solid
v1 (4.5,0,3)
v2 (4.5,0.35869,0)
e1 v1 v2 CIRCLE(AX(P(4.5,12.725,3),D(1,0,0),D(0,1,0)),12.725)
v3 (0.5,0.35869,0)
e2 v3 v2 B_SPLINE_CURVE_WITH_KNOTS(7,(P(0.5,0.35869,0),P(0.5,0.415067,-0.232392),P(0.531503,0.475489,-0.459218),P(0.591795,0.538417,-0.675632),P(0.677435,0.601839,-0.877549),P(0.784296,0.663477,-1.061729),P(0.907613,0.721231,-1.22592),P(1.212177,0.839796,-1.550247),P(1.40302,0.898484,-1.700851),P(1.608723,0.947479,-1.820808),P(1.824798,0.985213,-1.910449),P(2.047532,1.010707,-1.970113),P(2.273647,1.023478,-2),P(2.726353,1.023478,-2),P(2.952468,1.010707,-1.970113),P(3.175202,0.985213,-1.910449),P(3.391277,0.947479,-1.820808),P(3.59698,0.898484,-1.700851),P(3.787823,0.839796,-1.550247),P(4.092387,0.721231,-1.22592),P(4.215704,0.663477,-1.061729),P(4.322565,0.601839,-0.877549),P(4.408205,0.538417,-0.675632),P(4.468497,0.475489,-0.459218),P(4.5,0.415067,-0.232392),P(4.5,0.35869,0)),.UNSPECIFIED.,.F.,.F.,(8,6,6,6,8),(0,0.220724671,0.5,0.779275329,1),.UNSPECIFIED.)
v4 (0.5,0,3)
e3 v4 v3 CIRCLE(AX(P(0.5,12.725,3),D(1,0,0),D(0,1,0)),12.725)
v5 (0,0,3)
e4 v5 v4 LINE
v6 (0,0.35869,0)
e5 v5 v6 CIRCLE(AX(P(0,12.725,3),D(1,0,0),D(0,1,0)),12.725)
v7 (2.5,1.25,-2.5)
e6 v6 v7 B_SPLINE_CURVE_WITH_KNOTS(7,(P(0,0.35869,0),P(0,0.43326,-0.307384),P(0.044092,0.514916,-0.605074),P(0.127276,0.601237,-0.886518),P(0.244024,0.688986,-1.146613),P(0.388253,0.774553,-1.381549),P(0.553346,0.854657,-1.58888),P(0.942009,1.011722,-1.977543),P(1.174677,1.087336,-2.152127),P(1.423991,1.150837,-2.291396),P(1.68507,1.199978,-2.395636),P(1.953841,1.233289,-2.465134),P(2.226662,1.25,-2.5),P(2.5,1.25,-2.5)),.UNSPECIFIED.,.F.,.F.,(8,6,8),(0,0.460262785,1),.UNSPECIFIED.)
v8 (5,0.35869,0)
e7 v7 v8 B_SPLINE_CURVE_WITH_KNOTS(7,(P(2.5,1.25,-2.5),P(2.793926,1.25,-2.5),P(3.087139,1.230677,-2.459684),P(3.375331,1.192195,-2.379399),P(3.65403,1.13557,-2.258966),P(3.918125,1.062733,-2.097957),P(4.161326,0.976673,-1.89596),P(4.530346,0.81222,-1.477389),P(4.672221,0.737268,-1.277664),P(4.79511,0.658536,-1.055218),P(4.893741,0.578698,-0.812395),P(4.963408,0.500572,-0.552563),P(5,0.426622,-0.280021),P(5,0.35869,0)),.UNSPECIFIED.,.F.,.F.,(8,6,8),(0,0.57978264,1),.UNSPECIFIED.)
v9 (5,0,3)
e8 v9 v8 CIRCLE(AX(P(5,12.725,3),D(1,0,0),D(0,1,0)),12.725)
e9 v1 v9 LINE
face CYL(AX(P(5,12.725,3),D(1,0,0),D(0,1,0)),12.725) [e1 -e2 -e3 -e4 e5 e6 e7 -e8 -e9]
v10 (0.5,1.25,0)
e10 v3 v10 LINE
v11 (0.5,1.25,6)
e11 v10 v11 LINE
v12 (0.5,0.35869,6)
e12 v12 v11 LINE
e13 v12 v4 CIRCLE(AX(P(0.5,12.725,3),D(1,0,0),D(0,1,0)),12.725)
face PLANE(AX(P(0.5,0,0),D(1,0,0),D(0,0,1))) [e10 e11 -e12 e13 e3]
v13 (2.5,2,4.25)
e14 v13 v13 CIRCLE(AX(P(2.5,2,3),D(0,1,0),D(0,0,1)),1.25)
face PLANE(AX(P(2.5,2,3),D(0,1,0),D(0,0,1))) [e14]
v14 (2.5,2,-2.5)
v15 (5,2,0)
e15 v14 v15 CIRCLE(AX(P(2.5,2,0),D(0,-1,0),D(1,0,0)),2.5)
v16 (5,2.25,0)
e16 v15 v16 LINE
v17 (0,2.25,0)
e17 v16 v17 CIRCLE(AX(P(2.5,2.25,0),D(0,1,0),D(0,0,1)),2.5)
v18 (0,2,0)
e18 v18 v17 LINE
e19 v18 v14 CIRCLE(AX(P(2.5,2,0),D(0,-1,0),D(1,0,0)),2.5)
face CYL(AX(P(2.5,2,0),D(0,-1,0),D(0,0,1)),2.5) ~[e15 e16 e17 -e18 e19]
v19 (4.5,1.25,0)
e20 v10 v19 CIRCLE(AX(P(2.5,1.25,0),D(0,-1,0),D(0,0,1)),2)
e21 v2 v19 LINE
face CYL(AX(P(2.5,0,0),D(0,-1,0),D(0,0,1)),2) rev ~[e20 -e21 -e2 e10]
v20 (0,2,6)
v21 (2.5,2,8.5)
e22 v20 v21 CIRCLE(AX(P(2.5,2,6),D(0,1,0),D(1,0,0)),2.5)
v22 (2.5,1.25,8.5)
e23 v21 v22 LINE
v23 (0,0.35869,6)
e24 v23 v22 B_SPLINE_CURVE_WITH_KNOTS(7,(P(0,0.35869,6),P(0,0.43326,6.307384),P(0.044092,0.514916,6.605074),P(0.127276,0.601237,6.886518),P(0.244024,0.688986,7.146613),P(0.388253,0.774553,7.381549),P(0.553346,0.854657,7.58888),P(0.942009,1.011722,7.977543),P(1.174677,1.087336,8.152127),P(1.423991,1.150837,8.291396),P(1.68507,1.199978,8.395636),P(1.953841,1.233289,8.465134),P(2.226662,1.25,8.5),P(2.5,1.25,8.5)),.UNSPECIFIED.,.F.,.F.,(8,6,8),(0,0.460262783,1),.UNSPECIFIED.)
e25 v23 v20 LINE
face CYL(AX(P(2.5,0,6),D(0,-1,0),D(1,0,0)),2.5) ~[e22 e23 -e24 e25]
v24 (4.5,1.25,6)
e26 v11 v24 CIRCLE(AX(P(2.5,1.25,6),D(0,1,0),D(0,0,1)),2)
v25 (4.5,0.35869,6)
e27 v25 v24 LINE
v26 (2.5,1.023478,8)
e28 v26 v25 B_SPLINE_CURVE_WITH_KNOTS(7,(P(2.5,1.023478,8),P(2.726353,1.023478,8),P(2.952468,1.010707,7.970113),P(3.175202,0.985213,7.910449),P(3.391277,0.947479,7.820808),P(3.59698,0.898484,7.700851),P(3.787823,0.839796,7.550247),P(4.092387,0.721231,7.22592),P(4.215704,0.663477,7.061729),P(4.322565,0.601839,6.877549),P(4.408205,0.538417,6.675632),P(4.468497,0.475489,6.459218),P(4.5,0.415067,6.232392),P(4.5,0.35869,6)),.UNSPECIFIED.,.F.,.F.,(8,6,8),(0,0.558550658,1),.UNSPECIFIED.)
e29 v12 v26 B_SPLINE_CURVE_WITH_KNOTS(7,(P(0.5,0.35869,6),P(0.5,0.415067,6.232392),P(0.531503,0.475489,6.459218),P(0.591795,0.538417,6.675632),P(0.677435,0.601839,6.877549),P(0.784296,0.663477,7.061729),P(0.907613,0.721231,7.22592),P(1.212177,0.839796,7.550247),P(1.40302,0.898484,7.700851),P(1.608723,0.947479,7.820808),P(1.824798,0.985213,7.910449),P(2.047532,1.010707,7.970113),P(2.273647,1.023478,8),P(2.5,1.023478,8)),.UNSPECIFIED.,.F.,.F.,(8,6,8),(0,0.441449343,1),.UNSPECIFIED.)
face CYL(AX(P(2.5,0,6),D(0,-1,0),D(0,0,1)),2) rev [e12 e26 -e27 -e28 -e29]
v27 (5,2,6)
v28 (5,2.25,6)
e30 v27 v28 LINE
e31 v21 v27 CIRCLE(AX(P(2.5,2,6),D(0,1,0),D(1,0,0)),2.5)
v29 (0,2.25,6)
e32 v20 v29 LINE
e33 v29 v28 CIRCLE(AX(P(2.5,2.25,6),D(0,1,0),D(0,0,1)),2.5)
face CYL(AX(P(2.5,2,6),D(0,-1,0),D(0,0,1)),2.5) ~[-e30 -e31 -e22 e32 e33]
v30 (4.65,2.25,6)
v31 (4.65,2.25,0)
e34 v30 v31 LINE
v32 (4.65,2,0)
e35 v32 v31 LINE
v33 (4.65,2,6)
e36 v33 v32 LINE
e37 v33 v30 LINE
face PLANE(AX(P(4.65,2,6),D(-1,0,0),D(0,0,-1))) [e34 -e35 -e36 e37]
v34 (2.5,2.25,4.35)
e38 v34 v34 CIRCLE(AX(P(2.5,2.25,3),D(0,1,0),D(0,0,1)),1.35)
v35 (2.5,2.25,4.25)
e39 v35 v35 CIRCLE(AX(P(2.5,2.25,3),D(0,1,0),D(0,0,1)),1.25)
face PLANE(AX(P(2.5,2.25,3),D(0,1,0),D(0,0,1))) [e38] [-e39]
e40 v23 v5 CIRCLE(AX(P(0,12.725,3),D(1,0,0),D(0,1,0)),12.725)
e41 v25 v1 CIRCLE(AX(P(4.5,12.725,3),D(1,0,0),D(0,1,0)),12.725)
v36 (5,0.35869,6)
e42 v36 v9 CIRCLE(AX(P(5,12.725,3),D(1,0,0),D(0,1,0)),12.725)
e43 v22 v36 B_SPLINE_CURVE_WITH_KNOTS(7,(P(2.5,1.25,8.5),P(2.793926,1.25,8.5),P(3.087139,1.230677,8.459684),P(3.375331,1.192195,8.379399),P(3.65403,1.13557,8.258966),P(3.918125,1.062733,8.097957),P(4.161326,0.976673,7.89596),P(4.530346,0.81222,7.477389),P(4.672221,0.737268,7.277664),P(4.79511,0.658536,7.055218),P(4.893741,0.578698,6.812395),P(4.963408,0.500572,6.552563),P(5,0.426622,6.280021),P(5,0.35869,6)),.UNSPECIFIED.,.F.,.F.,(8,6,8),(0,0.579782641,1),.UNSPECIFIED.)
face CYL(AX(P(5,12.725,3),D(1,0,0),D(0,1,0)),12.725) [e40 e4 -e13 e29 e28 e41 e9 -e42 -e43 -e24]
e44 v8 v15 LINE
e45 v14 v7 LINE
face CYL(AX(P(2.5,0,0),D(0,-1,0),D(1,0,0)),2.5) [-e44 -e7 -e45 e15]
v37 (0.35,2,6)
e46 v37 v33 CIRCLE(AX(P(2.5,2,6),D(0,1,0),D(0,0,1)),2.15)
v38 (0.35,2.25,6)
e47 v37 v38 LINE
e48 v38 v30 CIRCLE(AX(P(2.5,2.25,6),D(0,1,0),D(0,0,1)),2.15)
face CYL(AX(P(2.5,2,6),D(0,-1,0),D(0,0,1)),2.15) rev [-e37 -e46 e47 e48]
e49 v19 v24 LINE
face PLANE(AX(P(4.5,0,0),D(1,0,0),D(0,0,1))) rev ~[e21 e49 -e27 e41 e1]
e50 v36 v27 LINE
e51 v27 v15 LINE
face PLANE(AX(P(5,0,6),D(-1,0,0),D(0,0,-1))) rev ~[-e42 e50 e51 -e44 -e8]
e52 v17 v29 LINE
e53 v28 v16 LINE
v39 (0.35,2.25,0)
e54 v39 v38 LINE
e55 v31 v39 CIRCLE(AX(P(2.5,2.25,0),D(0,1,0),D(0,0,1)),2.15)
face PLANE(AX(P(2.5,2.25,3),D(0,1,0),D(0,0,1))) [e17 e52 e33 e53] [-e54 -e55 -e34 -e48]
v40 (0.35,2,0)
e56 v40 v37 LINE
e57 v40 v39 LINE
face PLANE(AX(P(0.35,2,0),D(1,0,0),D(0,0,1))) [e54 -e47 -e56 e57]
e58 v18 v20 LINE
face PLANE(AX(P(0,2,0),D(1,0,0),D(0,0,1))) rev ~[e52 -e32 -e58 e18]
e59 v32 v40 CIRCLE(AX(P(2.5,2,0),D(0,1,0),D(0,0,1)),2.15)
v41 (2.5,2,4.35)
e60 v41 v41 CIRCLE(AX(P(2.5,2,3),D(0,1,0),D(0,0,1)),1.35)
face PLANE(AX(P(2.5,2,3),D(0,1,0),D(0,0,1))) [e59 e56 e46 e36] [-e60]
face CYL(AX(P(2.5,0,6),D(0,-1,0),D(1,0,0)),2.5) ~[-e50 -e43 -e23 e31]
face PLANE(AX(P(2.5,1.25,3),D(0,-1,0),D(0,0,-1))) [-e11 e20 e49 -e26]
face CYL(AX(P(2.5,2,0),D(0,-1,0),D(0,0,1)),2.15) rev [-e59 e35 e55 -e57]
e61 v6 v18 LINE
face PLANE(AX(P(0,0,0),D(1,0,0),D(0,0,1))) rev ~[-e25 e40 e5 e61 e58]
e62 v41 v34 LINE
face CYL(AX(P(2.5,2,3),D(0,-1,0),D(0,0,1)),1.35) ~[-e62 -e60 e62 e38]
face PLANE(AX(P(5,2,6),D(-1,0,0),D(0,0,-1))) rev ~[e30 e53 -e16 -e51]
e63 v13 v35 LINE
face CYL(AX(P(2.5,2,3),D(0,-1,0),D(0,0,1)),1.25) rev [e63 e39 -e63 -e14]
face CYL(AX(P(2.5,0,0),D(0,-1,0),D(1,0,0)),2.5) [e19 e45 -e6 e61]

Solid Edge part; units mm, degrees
sketch "Sketch1" plane through (0, 0, 0) normal (0, -1, 0) x (1, 0, 0)
  line L0 (0, 0) -> (0, 6)
  arc A0 (0, 6) -> (5, 6) centre (2.5, 6) cw
  line L1 (5, 6) -> (5, 0)
  arc A1 (0, 0) -> (5, 0) centre (2.5, 0) ccw
extrude "Protrusion1" add sketch "Sketch1" against normal blind 2
sketch "Sketch2" plane through (5, 1, 3) normal (1, 0, 0) x (0, 1, 0)
  line L0 (1, 5.5) -> (0.25, 5.5)
  arc A0 (0.25, 5.5) -> (0.25, -5.5) centre (11.725, 0) ccw
  line L1 (1, -5.5) -> (0.25, -5.5)
  line L2 (1, 5.5) -> (1, -5.5)
extrude "ExtrudedCutout_1" cut sketch "Sketch2" against normal blind 43.2268 flip side to cut
sketch "Sketch3" plane through (2.5, 0, 3) normal (0, -1, 0) x (0, 0, 1)
  arc A0 (-3, 2) -> (-3, -2) centre (-3, 0) ccw
  line L0 (-3, -2) -> (3, -2)
  arc A1 (3, 2) -> (3, -2) centre (3, 0) cw
  line L1 (-3, 2) -> (3, 2)
extrude "ExtrudedCutout_2" cut sketch "Sketch3" against normal blind 1.25
sketch "Sketch4" plane through (2.5, 2, 3) normal (0, 1, 0) x (0, 0, 1)
  circle A0 centre (0, 0) radius 1.25
  circle A1 centre (0, 0) radius 1.35
extrude "ExtrudedProtrusion_2" add sketch "Sketch4" along normal blind 0.25
sketch "Sketch5" plane through (2.5, 2, 3) normal (0, 1, 0) x (0, 0, 1)
  arc A0 (-3, 2.15) -> (-3, -2.15) centre (-3, 0) ccw
  line L0 (-3, -2.15) -> (3, -2.15)
  arc A1 (3, -2.15) -> (3, 2.15) centre (3, 0) ccw
  line L1 (3, 2.15) -> (-3, 2.15)
  arc A2 (-3, 2.5) -> (-3, -2.5) centre (-3, 0) ccw
  line L2 (-3, -2.5) -> (3, -2.5)
  arc A3 (3, -2.5) -> (3, 2.5) centre (3, 0) ccw
  line L3 (3, 2.5) -> (-3, 2.5)
  dimension "D1" = 0.35
  dimension "D2" = 0.35
extrude "ExtrudedProtrusion_4" add sketch "Sketch5" along normal blind 0.25
properties material "Stainless Steel, 420"
